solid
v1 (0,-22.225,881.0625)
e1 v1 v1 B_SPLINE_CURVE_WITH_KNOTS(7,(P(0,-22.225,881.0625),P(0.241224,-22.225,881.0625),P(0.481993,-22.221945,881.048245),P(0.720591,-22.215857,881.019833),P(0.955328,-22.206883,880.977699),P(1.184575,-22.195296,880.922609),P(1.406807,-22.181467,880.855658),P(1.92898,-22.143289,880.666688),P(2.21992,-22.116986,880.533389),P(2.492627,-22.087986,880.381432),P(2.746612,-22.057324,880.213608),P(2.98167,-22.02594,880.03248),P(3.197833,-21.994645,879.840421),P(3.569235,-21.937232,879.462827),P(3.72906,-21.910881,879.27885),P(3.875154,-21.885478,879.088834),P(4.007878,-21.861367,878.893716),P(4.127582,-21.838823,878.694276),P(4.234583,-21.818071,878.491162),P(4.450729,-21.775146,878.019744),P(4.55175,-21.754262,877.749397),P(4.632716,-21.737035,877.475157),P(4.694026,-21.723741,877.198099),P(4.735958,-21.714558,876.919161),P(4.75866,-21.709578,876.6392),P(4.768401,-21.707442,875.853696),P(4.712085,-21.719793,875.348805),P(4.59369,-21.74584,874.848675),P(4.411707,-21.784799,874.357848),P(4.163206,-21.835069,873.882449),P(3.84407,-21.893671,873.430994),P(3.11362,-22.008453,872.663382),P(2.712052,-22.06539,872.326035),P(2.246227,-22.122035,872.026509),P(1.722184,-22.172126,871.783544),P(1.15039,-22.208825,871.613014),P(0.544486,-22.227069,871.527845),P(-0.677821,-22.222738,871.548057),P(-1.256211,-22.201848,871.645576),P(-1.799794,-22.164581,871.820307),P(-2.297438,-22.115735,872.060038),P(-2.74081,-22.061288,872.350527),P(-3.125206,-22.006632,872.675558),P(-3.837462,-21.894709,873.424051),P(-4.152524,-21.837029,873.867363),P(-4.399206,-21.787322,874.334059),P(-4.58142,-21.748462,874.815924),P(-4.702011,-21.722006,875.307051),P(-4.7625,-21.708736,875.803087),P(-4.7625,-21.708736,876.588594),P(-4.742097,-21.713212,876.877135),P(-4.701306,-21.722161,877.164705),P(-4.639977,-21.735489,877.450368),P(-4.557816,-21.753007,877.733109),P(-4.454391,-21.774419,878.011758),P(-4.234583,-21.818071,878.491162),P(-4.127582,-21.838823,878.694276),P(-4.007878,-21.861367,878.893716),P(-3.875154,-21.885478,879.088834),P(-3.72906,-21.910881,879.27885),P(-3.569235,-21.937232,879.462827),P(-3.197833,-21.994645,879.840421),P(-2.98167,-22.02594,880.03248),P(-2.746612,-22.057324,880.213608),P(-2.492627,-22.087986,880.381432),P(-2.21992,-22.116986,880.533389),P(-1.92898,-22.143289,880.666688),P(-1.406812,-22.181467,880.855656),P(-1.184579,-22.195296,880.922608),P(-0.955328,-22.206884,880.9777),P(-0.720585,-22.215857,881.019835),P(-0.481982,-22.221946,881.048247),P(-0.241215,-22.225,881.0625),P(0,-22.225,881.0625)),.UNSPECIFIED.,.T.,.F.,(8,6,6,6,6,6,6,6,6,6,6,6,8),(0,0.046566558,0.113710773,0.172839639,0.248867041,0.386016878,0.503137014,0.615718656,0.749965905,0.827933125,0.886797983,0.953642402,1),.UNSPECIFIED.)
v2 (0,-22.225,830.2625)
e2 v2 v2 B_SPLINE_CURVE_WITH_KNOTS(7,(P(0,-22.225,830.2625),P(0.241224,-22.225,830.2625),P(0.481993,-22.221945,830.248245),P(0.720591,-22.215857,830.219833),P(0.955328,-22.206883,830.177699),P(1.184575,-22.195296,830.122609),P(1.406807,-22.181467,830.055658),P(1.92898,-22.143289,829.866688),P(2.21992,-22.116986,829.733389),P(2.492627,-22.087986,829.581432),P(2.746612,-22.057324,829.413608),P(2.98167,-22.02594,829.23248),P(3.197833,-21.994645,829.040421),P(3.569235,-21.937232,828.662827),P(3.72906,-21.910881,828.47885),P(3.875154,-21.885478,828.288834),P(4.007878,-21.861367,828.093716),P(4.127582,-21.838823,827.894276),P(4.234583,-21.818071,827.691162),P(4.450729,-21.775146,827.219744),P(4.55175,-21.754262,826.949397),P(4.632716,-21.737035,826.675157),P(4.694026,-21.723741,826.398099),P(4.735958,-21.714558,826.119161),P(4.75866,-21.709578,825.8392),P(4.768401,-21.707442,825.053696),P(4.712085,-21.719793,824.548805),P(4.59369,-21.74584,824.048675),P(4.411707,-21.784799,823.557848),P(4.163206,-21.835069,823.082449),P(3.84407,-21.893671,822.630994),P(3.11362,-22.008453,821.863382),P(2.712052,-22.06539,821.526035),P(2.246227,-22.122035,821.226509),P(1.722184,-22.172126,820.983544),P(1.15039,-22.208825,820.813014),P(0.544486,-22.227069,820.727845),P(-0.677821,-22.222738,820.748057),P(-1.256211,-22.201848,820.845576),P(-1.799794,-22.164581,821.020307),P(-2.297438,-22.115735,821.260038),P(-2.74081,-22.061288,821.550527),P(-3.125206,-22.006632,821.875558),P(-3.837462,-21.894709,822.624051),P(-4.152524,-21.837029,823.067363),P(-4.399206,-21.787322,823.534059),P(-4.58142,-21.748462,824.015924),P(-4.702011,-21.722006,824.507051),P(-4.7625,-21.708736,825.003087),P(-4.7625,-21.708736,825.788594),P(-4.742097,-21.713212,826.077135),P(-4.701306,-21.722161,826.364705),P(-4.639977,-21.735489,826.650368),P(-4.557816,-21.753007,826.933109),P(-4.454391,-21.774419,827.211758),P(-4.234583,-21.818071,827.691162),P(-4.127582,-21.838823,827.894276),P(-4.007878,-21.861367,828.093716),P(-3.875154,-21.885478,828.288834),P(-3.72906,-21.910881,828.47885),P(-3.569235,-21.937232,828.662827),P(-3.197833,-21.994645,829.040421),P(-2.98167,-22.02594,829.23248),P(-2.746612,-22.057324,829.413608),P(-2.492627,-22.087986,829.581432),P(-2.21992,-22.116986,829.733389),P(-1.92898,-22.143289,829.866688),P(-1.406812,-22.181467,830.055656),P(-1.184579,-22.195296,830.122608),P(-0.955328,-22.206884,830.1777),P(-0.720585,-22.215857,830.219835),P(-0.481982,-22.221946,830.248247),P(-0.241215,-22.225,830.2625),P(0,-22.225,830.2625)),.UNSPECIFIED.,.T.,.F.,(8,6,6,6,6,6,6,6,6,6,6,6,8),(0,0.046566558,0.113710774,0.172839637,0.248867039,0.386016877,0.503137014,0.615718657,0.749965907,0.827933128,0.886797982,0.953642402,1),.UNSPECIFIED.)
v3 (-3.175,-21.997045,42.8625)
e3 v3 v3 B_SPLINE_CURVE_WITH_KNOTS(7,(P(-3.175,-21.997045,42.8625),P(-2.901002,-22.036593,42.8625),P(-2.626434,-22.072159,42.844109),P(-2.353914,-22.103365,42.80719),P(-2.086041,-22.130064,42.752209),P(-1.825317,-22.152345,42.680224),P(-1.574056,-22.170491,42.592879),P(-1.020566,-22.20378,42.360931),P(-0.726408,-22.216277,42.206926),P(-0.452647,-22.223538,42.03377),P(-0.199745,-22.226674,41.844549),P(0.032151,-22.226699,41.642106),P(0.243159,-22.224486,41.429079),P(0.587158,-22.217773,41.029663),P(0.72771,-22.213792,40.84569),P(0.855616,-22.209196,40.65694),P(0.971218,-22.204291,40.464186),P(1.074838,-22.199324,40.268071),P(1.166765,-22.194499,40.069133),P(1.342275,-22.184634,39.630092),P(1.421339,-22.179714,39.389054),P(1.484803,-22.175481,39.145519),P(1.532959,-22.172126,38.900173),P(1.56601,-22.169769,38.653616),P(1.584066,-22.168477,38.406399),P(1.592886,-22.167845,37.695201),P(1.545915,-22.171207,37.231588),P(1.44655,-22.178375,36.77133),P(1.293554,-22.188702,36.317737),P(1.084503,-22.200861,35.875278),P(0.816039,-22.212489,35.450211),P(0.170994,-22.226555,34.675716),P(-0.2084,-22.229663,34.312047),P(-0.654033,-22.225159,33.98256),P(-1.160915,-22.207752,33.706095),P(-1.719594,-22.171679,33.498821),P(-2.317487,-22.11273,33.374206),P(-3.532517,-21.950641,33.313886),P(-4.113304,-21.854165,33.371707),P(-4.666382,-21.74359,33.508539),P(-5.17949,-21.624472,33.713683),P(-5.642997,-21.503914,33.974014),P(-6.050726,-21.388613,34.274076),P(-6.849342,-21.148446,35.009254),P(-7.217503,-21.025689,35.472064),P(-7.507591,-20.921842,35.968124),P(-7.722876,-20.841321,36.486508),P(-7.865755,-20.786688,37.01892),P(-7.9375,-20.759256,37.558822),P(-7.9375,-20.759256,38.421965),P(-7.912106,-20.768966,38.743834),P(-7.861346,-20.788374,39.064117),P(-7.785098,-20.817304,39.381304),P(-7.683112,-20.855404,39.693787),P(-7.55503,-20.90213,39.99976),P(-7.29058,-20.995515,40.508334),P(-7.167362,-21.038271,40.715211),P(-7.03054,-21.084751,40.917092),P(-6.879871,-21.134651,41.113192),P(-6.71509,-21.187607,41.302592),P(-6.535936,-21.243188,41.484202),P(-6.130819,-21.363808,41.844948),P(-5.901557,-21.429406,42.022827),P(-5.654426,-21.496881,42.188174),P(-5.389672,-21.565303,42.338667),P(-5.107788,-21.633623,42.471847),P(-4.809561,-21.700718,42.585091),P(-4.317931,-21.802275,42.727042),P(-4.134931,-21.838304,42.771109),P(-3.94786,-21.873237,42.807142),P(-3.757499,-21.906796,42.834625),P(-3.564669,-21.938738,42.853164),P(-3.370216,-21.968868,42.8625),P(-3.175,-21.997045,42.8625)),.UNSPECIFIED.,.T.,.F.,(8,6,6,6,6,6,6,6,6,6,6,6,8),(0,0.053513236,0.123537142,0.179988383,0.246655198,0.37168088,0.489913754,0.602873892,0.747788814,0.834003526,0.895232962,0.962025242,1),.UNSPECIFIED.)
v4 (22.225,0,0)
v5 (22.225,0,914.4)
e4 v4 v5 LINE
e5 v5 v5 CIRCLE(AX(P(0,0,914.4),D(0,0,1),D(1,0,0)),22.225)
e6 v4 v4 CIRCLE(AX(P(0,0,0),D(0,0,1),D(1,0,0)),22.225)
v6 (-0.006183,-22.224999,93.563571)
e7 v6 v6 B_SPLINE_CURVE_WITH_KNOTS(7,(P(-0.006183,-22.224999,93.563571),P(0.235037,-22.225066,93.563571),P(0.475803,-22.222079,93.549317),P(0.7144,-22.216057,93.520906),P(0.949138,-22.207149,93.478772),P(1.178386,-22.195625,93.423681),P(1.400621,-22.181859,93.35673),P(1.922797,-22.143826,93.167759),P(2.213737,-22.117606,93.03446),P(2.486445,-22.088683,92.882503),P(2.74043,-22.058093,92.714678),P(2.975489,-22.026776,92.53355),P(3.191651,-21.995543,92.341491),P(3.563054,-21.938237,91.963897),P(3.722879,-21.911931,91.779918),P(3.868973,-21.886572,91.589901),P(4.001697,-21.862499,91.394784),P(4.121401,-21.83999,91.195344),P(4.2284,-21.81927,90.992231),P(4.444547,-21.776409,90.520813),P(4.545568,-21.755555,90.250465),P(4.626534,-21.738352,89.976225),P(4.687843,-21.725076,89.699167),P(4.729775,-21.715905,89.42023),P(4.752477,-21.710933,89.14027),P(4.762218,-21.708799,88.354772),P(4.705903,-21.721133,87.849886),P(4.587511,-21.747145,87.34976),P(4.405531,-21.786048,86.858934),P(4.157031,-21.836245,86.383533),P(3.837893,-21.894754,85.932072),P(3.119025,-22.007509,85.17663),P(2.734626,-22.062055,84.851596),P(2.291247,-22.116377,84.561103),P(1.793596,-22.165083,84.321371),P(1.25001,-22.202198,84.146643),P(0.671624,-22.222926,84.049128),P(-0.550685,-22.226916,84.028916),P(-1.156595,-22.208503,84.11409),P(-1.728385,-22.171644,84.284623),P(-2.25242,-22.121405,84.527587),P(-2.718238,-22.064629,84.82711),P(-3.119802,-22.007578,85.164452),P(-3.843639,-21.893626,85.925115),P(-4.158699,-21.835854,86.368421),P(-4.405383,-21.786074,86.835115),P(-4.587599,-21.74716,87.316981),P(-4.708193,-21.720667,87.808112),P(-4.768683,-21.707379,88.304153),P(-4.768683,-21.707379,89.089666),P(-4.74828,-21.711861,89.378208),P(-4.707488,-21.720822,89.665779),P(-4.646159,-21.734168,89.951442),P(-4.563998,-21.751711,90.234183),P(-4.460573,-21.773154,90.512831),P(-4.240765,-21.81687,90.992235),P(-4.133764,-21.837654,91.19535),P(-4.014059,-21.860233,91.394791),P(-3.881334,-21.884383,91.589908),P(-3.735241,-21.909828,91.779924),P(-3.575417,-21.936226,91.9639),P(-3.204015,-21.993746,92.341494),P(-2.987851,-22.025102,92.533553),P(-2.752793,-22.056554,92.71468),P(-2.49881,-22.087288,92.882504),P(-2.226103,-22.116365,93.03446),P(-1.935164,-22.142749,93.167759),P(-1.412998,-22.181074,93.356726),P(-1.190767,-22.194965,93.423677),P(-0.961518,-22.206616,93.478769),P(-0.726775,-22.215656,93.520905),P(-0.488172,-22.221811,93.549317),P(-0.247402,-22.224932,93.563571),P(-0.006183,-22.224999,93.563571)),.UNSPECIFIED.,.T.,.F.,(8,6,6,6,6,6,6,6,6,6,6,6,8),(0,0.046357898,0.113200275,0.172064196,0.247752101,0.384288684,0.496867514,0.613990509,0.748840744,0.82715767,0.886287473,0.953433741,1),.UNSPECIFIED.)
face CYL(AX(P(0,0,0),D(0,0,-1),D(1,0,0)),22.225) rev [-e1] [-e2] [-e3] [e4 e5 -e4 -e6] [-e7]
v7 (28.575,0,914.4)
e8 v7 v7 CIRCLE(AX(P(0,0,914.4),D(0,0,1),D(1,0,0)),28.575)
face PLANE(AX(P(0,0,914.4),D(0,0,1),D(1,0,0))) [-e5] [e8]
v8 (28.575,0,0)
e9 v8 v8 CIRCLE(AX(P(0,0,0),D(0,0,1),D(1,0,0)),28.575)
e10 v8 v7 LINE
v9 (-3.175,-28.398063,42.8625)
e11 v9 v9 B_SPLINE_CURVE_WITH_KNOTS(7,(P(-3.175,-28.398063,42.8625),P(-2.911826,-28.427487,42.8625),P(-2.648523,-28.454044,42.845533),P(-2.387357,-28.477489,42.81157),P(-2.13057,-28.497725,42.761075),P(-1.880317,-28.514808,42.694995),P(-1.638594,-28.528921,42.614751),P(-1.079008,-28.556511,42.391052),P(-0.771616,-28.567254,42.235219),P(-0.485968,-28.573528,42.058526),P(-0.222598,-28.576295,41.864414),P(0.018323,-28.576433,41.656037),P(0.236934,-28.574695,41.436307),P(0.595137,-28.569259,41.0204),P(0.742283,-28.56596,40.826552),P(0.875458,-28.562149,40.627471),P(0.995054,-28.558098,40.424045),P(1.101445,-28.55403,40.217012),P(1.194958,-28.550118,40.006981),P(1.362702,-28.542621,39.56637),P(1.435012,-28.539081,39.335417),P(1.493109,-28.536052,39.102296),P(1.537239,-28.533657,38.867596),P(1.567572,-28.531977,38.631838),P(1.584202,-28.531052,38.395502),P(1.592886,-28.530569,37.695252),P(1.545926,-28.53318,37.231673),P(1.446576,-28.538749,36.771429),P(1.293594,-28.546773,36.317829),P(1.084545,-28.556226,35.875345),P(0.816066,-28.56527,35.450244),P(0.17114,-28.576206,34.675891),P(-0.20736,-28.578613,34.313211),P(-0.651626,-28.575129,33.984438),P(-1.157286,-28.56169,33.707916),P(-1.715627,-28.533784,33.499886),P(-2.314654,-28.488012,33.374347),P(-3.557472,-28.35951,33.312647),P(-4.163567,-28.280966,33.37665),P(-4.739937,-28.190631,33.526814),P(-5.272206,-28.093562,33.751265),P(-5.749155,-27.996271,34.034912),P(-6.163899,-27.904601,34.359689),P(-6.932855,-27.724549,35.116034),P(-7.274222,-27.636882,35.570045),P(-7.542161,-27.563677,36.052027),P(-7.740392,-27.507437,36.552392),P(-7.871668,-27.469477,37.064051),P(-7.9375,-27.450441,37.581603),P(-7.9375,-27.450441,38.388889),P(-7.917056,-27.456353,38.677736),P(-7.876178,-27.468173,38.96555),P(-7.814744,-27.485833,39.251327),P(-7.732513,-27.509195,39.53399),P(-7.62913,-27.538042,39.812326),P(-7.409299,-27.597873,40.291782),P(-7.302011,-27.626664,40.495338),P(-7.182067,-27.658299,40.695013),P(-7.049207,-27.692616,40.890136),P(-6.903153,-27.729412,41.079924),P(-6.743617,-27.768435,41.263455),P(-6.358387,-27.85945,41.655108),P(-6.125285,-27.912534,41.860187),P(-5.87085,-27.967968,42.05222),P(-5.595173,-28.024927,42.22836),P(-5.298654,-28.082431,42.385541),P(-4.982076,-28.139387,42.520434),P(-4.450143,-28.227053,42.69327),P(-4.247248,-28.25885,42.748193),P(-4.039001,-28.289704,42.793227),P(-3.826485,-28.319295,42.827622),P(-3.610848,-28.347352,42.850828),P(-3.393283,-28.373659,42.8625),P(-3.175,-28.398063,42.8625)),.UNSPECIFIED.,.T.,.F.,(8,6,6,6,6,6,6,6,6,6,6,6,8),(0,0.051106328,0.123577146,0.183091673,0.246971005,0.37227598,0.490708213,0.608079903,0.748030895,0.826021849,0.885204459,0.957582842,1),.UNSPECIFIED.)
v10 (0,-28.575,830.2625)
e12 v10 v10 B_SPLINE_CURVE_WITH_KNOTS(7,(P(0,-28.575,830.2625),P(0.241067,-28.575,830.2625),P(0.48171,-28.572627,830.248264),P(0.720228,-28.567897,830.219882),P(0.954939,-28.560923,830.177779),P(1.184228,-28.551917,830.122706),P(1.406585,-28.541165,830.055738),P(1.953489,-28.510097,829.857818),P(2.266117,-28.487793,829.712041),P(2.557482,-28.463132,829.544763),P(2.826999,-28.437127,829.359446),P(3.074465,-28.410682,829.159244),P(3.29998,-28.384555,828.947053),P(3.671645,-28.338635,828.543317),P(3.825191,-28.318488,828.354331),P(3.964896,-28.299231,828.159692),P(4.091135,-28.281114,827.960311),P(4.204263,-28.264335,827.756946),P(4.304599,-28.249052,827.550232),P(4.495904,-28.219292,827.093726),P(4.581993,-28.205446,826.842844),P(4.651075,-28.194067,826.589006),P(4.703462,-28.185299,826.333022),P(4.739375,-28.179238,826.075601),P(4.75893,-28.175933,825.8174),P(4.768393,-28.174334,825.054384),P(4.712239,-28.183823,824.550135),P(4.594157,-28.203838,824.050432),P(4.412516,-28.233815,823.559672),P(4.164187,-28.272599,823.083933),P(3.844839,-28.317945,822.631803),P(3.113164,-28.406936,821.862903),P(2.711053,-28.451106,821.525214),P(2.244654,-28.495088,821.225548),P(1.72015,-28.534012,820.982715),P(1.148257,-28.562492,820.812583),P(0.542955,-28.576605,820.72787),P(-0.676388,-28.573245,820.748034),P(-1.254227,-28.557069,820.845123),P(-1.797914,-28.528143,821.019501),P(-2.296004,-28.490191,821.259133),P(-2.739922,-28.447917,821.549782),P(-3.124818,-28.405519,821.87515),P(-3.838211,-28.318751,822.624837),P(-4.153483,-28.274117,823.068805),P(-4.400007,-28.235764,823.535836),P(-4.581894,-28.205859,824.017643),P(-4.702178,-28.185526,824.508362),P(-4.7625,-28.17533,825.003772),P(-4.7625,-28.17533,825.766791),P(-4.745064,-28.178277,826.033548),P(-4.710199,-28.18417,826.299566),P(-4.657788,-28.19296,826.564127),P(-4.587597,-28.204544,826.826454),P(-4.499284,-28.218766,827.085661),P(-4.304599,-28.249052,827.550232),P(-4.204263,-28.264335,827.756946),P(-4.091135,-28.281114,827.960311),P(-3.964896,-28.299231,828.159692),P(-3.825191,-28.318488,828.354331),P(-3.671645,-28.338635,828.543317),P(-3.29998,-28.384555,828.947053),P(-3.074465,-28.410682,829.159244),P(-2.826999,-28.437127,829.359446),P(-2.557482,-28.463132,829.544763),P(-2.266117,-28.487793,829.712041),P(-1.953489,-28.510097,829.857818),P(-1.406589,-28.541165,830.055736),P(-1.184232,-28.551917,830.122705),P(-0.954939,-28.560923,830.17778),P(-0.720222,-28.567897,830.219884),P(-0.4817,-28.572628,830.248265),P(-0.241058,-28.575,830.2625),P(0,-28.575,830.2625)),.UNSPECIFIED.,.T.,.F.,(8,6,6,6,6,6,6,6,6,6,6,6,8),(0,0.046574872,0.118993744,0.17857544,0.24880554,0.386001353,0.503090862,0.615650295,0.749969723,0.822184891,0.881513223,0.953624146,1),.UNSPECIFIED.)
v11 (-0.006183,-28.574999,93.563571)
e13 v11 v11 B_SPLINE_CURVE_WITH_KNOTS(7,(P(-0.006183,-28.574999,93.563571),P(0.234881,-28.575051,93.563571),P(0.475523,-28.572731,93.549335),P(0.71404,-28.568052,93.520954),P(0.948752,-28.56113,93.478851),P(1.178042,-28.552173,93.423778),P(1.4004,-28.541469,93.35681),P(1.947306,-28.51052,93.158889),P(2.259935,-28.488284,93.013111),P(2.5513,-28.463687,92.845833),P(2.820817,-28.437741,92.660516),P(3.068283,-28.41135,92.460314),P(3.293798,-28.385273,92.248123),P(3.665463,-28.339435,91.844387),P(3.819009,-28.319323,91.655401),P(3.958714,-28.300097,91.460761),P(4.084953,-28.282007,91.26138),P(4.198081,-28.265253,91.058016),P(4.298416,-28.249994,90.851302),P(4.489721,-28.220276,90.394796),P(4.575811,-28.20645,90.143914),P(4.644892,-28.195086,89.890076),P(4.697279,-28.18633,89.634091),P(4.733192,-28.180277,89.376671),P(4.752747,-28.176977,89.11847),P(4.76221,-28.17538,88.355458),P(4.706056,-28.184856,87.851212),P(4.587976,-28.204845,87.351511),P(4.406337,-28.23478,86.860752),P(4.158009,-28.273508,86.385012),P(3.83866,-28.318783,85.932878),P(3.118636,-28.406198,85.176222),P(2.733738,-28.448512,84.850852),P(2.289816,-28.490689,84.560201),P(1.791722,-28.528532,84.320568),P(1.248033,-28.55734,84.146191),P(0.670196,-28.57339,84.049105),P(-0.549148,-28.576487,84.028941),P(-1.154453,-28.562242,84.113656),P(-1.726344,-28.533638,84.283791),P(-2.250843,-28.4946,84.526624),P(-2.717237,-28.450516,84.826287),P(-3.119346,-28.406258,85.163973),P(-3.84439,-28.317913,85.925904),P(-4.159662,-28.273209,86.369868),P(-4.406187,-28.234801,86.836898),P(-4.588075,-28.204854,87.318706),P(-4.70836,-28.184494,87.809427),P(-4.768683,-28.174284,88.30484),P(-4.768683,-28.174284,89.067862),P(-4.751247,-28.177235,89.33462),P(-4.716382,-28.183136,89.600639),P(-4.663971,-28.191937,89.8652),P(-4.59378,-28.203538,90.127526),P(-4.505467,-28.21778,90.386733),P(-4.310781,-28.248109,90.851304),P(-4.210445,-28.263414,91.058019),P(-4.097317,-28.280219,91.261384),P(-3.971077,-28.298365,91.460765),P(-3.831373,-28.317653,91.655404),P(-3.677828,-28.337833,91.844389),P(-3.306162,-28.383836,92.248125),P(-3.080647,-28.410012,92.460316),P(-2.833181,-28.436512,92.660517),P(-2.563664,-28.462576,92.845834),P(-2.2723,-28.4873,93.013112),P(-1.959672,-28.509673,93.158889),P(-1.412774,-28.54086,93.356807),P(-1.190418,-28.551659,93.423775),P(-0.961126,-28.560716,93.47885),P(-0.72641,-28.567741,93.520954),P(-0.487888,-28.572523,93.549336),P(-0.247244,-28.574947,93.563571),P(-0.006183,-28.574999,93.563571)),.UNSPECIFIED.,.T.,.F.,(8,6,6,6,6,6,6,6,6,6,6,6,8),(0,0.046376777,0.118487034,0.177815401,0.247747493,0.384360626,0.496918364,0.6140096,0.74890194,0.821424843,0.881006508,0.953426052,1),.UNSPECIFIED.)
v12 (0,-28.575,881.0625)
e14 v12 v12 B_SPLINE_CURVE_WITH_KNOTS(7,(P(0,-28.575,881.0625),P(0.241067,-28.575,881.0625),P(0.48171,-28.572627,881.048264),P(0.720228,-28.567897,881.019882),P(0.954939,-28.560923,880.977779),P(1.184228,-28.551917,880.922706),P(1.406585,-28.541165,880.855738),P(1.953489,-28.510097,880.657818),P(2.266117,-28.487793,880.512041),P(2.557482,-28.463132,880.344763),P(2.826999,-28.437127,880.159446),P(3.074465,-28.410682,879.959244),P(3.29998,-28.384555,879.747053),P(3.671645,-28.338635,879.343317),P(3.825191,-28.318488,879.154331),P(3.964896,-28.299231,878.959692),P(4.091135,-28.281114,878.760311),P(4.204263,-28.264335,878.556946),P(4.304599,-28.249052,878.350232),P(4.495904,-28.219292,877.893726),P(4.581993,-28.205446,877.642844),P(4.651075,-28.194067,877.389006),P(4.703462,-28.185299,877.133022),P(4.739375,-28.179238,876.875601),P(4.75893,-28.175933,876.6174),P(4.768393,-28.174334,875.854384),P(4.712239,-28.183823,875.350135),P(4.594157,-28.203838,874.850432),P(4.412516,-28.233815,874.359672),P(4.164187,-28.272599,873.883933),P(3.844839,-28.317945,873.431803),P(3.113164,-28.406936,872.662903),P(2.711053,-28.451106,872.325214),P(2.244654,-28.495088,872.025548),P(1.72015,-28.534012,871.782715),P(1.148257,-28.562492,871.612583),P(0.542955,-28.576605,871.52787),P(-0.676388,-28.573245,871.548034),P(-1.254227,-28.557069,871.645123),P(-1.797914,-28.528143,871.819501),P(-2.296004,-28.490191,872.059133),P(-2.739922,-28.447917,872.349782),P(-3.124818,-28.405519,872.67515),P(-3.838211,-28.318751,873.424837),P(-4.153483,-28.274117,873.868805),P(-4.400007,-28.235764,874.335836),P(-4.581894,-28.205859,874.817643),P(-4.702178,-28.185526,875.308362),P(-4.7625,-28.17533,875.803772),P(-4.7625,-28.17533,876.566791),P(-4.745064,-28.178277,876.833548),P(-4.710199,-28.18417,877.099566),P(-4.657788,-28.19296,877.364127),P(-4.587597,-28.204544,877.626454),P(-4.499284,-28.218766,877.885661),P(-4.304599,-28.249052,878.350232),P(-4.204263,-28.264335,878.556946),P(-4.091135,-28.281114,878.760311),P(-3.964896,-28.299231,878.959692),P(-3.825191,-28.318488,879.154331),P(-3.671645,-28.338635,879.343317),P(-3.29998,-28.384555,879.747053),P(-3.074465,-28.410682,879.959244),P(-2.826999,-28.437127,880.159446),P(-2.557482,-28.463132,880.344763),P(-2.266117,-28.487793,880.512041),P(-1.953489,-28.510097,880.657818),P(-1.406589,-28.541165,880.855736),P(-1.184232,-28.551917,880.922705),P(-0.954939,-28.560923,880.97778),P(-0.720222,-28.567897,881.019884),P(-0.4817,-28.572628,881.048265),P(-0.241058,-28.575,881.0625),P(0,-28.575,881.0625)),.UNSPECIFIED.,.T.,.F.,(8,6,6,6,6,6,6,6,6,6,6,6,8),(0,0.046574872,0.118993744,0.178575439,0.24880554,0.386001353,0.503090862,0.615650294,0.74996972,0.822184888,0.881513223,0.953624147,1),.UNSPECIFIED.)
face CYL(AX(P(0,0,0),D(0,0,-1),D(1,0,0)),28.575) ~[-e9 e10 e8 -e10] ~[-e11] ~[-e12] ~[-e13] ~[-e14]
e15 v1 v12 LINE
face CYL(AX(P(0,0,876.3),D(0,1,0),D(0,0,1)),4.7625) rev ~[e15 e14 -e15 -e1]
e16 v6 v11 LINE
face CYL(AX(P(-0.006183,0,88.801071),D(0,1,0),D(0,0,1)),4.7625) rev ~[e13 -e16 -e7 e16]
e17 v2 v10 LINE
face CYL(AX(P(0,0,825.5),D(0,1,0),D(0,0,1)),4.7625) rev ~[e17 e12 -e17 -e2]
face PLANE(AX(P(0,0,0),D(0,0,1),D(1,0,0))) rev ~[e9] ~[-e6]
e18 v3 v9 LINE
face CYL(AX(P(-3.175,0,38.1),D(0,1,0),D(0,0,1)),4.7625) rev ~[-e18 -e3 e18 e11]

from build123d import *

# Parameters (mm, degrees)
SKETCH1_R           = 28.575
SKETCH1_R_2         = 22.225
BOSS_EXTRUDE1_DEPTH = 914.4
SKETCH2_R           = 4.7625
CUT_EXTRUDE1_DEPTH  = 916.292533155


with BuildPart() as part:
    # Sketch1 → Boss-Extrude1 (new body)
    with BuildSketch(Plane.XY):
        Circle(SKETCH1_R)
        Circle(SKETCH1_R_2, mode=Mode.SUBTRACT)
    extrude(amount=BOSS_EXTRUDE1_DEPTH)

    # Sketch2 → Cut-Extrude1 (cut, through all)
    with BuildSketch(Plane(origin=(0, 0, 0), x_dir=(1, 0, 0), z_dir=(0, 1, 0))):
        with Locations(Location((-3.175, -38.1, 0), (0, 0, 270))):
            Circle(SKETCH2_R)
        with Locations(Location((-0.006183063, -88.801070987, 0), (0, 0, 270))):
            Circle(SKETCH2_R)
        with Locations(Location((0, -876.3, 0), (0, 0, 270))):
            Circle(SKETCH2_R)
        with Locations(Location((0, -825.5, 0), (0, 0, 270))):
            Circle(SKETCH2_R)
    extrude(amount=-CUT_EXTRUDE1_DEPTH, mode=Mode.SUBTRACT)


solid = part.part
